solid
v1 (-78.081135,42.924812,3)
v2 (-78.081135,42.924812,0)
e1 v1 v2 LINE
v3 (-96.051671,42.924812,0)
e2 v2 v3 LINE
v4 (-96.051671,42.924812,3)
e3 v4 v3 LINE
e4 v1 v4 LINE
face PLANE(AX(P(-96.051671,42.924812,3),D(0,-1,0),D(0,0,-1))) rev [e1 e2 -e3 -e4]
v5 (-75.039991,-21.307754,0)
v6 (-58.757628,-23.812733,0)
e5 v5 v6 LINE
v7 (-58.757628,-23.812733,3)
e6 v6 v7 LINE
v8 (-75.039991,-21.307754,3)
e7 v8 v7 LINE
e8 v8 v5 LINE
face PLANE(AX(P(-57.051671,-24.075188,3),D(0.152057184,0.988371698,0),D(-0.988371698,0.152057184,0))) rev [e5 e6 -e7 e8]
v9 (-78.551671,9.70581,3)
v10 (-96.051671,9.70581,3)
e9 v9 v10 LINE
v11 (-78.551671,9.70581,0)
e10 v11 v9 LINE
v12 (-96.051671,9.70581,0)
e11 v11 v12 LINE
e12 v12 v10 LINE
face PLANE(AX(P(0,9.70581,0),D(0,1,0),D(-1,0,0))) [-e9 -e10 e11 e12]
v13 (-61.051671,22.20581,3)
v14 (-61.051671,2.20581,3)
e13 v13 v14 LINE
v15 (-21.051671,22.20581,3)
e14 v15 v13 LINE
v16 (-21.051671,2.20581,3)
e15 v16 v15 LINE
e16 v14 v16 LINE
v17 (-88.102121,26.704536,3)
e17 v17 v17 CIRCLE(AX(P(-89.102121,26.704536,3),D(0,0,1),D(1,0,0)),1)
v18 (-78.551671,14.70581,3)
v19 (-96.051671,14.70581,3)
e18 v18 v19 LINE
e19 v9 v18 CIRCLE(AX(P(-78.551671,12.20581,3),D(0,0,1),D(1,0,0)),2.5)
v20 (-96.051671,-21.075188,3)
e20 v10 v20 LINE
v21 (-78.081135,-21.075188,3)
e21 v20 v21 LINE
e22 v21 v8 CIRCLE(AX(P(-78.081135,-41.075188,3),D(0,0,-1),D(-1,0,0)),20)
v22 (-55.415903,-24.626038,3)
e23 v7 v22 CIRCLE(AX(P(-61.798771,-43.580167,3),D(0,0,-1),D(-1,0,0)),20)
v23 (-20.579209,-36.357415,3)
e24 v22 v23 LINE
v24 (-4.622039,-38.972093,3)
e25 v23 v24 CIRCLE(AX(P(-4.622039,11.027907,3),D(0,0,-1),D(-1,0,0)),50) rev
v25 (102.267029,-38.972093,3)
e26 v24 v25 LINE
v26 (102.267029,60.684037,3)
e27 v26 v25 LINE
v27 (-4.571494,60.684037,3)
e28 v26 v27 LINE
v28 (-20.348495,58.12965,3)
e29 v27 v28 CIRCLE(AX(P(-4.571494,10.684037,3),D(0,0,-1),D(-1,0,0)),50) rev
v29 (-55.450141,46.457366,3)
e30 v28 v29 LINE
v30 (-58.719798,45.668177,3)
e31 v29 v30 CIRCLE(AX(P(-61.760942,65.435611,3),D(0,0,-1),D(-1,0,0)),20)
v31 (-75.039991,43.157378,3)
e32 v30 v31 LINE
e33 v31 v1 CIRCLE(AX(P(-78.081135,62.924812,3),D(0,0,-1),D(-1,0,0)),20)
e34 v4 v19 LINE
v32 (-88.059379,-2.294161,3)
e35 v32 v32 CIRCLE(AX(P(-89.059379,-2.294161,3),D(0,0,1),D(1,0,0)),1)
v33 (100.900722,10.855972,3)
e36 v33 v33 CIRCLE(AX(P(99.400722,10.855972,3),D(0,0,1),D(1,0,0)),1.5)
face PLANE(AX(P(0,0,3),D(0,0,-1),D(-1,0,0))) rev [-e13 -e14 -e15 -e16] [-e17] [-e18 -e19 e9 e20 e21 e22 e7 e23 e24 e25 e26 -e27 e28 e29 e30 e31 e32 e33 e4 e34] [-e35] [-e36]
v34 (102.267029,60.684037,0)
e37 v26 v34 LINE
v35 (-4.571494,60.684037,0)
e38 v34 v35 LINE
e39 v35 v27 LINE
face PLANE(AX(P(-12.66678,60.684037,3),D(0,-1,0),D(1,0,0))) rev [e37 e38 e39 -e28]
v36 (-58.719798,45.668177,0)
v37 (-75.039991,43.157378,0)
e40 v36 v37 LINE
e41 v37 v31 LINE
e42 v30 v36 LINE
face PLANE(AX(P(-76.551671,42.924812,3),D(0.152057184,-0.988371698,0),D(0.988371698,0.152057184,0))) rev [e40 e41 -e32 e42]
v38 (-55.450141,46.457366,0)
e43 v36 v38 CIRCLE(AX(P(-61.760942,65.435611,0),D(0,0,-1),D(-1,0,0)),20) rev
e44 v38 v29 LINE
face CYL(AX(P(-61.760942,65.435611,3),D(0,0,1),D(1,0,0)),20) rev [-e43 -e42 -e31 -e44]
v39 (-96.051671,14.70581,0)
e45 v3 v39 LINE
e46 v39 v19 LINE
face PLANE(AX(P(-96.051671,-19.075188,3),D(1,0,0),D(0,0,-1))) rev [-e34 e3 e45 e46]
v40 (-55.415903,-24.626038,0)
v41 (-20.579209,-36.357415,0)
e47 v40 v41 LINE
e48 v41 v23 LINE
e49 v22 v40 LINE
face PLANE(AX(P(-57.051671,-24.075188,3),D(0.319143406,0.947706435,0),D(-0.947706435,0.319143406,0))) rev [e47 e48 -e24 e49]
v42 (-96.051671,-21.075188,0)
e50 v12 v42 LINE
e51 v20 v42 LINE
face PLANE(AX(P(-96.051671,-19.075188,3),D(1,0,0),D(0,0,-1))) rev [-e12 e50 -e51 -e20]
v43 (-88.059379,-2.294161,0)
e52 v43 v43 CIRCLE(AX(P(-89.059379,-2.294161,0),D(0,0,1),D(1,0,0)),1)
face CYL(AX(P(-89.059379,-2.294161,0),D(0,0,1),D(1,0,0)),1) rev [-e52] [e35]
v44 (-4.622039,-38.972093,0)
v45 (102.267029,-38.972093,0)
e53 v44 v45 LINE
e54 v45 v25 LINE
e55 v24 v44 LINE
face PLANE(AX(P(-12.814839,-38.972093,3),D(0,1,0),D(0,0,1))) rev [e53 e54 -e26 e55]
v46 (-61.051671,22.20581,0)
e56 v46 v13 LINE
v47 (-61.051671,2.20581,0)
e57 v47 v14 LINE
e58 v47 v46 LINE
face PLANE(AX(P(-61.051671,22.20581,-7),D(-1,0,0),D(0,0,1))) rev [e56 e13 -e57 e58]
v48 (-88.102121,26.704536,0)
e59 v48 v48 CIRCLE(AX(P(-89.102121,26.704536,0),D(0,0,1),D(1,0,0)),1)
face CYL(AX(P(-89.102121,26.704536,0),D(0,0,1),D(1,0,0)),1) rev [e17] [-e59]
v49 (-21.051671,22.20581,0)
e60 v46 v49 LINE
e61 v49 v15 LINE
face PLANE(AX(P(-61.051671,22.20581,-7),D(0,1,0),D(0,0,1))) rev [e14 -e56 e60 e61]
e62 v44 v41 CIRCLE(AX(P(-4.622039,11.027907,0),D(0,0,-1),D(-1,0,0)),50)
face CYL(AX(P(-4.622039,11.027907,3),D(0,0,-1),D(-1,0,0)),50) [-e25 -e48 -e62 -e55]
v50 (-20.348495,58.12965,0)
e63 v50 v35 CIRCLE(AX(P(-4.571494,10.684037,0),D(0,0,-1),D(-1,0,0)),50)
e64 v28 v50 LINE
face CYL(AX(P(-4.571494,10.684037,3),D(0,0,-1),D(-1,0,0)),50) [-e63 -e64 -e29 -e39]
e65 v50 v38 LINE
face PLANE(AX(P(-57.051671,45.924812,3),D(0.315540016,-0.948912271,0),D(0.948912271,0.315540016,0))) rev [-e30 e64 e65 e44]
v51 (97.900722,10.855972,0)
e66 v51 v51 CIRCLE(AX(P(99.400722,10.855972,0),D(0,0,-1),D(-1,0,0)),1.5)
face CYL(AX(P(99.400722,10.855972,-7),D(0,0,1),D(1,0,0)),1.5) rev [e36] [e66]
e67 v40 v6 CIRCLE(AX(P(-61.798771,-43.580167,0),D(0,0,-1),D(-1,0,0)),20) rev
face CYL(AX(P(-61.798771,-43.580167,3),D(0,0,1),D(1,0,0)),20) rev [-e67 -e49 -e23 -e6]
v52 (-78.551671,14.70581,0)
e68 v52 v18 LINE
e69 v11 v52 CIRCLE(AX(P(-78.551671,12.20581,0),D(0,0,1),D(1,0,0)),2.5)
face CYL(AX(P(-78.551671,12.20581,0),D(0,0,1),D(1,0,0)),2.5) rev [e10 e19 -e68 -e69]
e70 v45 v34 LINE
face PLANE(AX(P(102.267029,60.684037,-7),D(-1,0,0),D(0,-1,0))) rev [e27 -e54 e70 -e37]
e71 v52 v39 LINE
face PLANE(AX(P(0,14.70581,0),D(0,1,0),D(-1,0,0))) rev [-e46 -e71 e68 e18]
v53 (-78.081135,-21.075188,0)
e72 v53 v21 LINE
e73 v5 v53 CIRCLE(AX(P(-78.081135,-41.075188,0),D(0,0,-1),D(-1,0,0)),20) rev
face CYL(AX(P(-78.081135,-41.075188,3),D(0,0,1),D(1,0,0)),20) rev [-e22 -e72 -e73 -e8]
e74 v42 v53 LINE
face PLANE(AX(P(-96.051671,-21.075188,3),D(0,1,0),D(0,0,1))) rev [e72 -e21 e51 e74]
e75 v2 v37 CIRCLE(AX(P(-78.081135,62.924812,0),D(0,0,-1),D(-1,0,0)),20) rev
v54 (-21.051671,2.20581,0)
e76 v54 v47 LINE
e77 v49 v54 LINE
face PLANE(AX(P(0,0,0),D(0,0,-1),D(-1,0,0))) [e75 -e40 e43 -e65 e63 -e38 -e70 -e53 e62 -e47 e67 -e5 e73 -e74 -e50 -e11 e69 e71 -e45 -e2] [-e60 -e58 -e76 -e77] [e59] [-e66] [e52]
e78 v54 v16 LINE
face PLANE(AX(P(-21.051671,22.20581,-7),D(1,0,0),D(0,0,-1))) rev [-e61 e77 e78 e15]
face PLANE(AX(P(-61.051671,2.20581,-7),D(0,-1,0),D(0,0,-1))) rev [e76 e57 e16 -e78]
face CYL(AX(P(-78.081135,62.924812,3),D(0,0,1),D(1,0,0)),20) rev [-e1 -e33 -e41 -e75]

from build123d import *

# Parameters (mm, degrees)
RESSALTO_EXTRUS_O2_DEPTH = 3
FILETE4_R                = 50
FILETE6_R                = 20
ESBO_O3_R                = 1.000396488
CORTE_EXTRUS_O1_DEPTH    = 3
ESBO_O4_R                = 2.5
CORTE_EXTRUS_O3_DEPTH    = 3
ESBO_O5_R                = 1
CORTE_EXTRUS_O4_DEPTH    = 3
ESBO_O6_W                = 28
ESBO_O6_H                = 99.656129788
CORTE_EXTRUS_O5_DEPTH    = 10
ESBO_O7_R                = 1.5
CORTE_EXTRUS_O6_DEPTH    = 10
ESBO_O8_W                = 40
ESBO_O8_H                = 20
CORTE_EXTRUS_O7_DEPTH    = 10


with BuildPart() as part:
    # Esboço1 → Ressalto-extrusão2 (new body)
    with BuildSketch(Plane.XY):
        Polygon((130.267029072, 60.684036759), (130.267029072, -38.972093029), (-12.814839489, -38.972093029), (-57.051670623, -24.075187779), (-76.551670623, -21.075187779), (-96.051670623, -21.075187779), (-96.051670623, -19.075187779), (-96.051670623, 10.924812221), (-96.051670623, 40.924812221), (-96.051670623, 42.924812221), (-76.551670623, 42.924812221), (-57.051670623, 45.924812221), (-12.66677951, 60.684036759), align=None)
    extrude(amount=RESSALTO_EXTRUS_O2_DEPTH)

    # Filete4
    filete4_edges = [part.edges().sort_by_distance(p)[0] for p in [
        (-12.814839489, -38.972093029, 1.5),
        (-12.66677951, 60.684036759, 1.5),
    ]]
    fillet(filete4_edges, radius=FILETE4_R)

    # Filete6
    filete6_edges = [part.edges().sort_by_distance(p)[0] for p in [
        (-57.051670623, -24.075187779, 1.5),
        (-76.551670623, -21.075187779, 1.5),
        (-76.551670623, 42.924812221, 1.5),
        (-57.051670623, 45.924812221, 1.5),
    ]]
    fillet(filete6_edges, radius=FILETE6_R)

    # Esboço3 → Corte-extrusão1 (cut)
    with BuildSketch(Plane.XY.offset(3)):
        with Locations((127.267029072, 10.855971865)):
            Circle(ESBO_O3_R)
    extrude(amount=-CORTE_EXTRUS_O1_DEPTH, mode=Mode.SUBTRACT)

    # Esboço4 → Corte-extrusão3 (cut)
    with BuildSketch(Plane.XY.offset(3)):
        with BuildLine():
            Line((-78.551670623, 14.705809502), (-96.051670623, 14.705809502))
            Line((-96.051670623, 14.705809502), (-96.051670623, 12.205809502))
            Line((-96.051670623, 12.205809502), (-81.051670623, 12.205809502))
            ThreePointArc((-81.051670623, 12.205809502), (-80.319437576, 13.973576455), (-78.551670623, 14.705809502))
        make_face()
        with BuildLine():
            Line((-81.051670623, 12.205809502), (-96.051670623, 12.205809502))
            Line((-96.051670623, 12.205809502), (-96.051670623, 9.705809502))
            Line((-96.051670623, 9.705809502), (-78.551670623, 9.705809502))
            ThreePointArc((-78.551670623, 9.705809502), (-80.319437576, 10.438042549), (-81.051670623, 12.205809502))
        make_face()
        with Locations((-78.551670623, 12.205809502)):
            Circle(ESBO_O4_R)
    extrude(amount=-CORTE_EXTRUS_O3_DEPTH, mode=Mode.SUBTRACT)

    # Esboço5 → Corte-extrusão4 (cut)
    with BuildSketch(Plane.XY.offset(3)):
        with Locations((-89.059378868, -2.294160789)):
            Circle(ESBO_O5_R)
        with Locations((-89.102120748, 26.704536083)):
            Circle(ESBO_O5_R)
    extrude(amount=-CORTE_EXTRUS_O4_DEPTH, mode=Mode.SUBTRACT)

    # Esboço6 → Corte-extrusão5 (cut)
    with BuildSketch(Plane.XY.offset(3)):
        with Locations((116.267029072, 10.855971865)):
            Rectangle(ESBO_O6_W, ESBO_O6_H)
    extrude(amount=-CORTE_EXTRUS_O5_DEPTH, mode=Mode.SUBTRACT)

    # Esboço7 → Corte-extrusão6 (cut)
    with BuildSketch(Plane.XY.offset(3)):
        with Locations((99.400721929, 10.855971865)):
            Circle(ESBO_O7_R)
    extrude(amount=-CORTE_EXTRUS_O6_DEPTH, mode=Mode.SUBTRACT)

    # Esboço8 → Corte-extrusão7 (cut)
    with BuildSketch(Plane.XY.offset(3)):
        with Locations((-41.051670623, 12.205809502)):
            Rectangle(ESBO_O8_W, ESBO_O8_H)
    extrude(amount=-CORTE_EXTRUS_O7_DEPTH, mode=Mode.SUBTRACT)


solid = part.part
